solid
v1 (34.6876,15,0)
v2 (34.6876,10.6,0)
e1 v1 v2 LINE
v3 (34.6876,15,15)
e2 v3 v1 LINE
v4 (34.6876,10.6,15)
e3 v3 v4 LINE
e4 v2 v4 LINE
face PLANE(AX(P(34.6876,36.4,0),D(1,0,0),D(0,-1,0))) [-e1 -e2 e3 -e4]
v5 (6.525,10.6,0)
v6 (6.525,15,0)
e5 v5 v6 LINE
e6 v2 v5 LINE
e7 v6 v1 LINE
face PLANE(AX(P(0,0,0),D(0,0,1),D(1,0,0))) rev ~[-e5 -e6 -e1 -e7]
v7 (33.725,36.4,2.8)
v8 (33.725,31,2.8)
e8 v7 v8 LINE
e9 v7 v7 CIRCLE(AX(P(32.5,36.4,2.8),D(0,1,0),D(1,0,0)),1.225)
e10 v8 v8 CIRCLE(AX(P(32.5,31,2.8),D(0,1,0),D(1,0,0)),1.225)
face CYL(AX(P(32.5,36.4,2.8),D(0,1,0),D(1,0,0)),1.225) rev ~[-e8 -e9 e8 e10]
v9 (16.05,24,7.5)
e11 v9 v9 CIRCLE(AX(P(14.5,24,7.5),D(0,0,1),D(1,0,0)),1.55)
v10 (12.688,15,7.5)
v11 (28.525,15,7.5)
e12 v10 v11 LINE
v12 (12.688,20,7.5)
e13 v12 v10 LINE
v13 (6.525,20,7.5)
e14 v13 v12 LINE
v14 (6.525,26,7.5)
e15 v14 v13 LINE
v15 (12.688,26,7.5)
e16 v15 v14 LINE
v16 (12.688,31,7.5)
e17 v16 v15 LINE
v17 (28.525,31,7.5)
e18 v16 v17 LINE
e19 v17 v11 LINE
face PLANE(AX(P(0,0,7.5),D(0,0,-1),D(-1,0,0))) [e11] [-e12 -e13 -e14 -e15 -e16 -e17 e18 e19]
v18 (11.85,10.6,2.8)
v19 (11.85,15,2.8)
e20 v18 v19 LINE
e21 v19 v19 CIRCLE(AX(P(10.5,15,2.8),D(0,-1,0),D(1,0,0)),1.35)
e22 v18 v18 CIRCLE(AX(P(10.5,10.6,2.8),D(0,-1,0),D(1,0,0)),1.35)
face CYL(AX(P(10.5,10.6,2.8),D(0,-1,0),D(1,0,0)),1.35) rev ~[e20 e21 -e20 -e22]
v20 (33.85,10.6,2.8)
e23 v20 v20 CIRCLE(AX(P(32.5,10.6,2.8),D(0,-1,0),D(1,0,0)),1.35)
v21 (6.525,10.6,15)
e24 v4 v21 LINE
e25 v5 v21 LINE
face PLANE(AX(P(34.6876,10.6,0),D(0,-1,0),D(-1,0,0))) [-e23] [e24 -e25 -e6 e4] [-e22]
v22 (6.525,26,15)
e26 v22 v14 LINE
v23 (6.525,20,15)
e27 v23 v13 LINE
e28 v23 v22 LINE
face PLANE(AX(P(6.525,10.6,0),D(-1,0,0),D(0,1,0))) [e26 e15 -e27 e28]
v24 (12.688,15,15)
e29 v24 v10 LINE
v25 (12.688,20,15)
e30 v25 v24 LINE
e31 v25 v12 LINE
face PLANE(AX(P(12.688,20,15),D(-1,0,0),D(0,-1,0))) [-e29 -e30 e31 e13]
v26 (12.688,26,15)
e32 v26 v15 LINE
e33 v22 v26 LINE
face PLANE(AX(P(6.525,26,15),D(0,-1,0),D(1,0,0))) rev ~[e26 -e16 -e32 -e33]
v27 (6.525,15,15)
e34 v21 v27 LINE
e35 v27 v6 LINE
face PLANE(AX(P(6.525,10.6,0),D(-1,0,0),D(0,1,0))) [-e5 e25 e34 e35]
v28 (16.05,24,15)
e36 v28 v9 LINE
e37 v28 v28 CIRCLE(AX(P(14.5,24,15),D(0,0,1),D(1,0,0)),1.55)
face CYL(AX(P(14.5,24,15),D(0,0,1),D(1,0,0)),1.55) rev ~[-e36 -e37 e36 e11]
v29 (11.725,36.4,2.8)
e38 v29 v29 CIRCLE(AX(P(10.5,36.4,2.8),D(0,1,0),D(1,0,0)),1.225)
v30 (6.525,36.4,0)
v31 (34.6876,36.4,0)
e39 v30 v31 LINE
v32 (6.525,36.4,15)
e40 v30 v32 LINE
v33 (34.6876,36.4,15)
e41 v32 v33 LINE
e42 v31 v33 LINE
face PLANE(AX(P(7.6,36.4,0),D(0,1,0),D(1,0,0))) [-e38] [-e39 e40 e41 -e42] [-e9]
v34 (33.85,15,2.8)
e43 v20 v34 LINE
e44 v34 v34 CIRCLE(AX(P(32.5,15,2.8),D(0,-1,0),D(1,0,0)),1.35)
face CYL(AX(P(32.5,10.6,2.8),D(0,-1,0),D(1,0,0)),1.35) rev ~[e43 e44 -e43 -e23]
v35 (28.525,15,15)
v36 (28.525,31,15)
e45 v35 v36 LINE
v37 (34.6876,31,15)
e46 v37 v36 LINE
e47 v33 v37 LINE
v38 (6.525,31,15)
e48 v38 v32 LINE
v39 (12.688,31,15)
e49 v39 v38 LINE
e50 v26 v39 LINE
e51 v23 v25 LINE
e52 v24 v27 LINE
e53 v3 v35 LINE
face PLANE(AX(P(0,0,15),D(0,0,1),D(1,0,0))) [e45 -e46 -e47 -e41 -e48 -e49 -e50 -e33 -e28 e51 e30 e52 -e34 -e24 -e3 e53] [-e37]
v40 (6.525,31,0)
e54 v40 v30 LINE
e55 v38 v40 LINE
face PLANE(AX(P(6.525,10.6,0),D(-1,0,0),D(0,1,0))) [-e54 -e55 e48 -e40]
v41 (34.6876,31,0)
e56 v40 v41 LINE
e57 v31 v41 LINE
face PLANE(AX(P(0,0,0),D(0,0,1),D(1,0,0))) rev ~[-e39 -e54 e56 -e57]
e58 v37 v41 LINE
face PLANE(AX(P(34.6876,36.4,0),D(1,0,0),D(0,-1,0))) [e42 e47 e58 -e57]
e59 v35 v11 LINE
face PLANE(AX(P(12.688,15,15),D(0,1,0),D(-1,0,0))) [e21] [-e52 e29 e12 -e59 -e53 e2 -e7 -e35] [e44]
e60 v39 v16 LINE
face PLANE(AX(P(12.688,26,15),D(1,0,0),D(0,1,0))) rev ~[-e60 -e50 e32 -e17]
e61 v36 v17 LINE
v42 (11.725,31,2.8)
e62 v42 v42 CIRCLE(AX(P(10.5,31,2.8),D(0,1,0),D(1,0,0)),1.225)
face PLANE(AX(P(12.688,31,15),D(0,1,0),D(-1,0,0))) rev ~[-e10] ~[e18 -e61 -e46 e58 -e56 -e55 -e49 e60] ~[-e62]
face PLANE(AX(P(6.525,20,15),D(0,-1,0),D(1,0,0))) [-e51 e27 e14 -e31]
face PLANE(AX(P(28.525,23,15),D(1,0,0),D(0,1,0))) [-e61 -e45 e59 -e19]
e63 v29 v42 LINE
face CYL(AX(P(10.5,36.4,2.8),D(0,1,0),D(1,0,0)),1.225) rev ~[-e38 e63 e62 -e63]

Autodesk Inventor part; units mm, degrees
ref_plane "YZ Plane" through (0, 0, 0) normal (1, 0, 0) x (0, 1, 0)
ref_plane "XZ Plane" through (0, 0, 0) normal (0, 1, 0) x (-1, 0, 0)
ref_plane "XY Plane" through (0, 0, 0) normal (0, 0, 1) x (1, 0, 0)
sketch "스케치1" plane through (0, 0, 0) normal (0, 0, 1) x (1, 0, 0)
  line L0 (7.5, 38) -> (7.5, 36.5) projected
  line L1 (2, 38) -> (7.5, 38) projected
  line L2 (2, 38) -> (2, 8) projected
  line L3 (2, 8) -> (6.525, 8) projected
  line L4 (6.525, 10.5) -> (6.525, 8) projected
  line L5 (6.525, 10.5) -> (10.3997, 10.5) projected
  line L6 (10.3997, 10.5) -> (10.6003, 10.5) projected
  line L7 (10.6003, 10.5) -> (14.475, 10.5) projected
  line L8 (14.475, 10.5) -> (14.475, 8) projected
  line L9 (14.475, 8) -> (28.525, 8) projected
  line L10 (28.525, 10.5) -> (28.525, 8) projected
  line L11 (28.525, 10.5) -> (32.3997, 10.5) projected
  line L12 (32.3997, 10.5) -> (32.6003, 10.5) projected
  line L13 (32.6003, 10.5) -> (34.7876, 10.5) projected
  line L14 (34.7876, 10.5) -> (34.7876, 19.4) projected
  line L15 (36, 19.4) -> (34.7876, 19.4) projected
  line L16 (36, 24) -> (36, 19.4) projected
  line L17 (38.55, 24) -> (36, 24) projected
  line L18 (38.55, 24) -> (38.55, 25.4) projected
  line L19 (38.55, 25.4) -> (37.1, 25.4) projected
  line L20 (37.1, 25.4) -> (37.1, 35.5) projected
  line L21 (49.9, 35.5) -> (37.1, 35.5) projected
  line L22 (49.9, 25.4) -> (49.9, 35.5) projected
  line L23 (49.9, 25.4) -> (48.45, 25.4) projected
  line L24 (48.45, 24) -> (48.45, 25.4) projected
  line L25 (51, 24) -> (48.45, 24) projected
  line L26 (51, 24) -> (51, 10.5) projected
  line L27 (51, 10.5) -> (54.3997, 10.5) projected
  line L28 (54.3997, 10.5) -> (54.6003, 10.5) projected
  line L29 (54.6003, 10.5) -> (57.5, 10.5) projected
  line L30 (57.5, 36.5) -> (57.5, 10.5) projected
  line L31 (57.5, 36.5) -> (51.5, 36.5) projected
  line L32 (51.5, 38) -> (51.5, 36.5) projected
  line L33 (35.5, 38) -> (51.5, 38) projected
  line L34 (35.5, 36.5) -> (35.5, 38) projected
  line L35 (35.5, 36.5) -> (29.5, 36.5) projected
  line L36 (29.5, 38) -> (29.5, 36.5) projected
  line L37 (13.5, 38) -> (29.5, 38) projected
  line L38 (13.5, 36.5) -> (13.5, 38) projected
  line L39 (13.5, 36.5) -> (7.5, 36.5) projected
  line L40 (22.05, 14.2) -> (27.95, 14.2) projected
  line L41 (22.05, 18) -> (22.05, 14.2) projected
  line L42 (27.95, 18) -> (22.05, 18) projected
  line L43 (27.95, 14.2) -> (27.95, 18) projected
  line L44 (34.6876, 10.6) -> (7.6, 10.6)
  line L45 (7.6, 10.6) -> (7.6, 36.4)
  line L46 (7.6, 36.4) -> (34.6876, 36.4)
  line L47 (34.6876, 36.4) -> (34.6876, 10.6)
  line L48 (7.6, 36.4) -> (6.525, 36.4)
  line L49 (7.6, 10.6) -> (6.525, 10.6)
  line L50 (6.525, 10.6) -> (6.525, 36.4)
  line L51 (6.525, 36.4) -> (7.6, 36.4)
  line L52 (7.6, 36.4) -> (7.6, 10.6)
  point P0 (0, 0)
extrude "돌출1" add sketch "스케치1" along normal blind 15 contours L41 L42 L43 L40 | L44 L45 L46 L47 | L49 L50 L48 L45
sketch "스케치2" plane through (0, 0, 15) normal (0, 0, 1) x (1, 0, 0)
  line L0 (34.5, 38) -> (52.5, 38) projected
  line L1 (52.5, 38) -> (52.5, 36.5) projected
  line L2 (56.5, 36.5) -> (52.5, 36.5) projected
  line L3 (56.5, 38) -> (56.5, 36.5) projected
  line L4 (56.5, 38) -> (59.1, 38) projected
  line L5 (59.1, 38) -> (59.1, 40) projected
  line L6 (6, 40) -> (59.1, 40) projected
  line L7 (6, 38) -> (6, 40) projected
  line L8 (6, 38) -> (8.5, 38) projected
  line L9 (8.5, 38) -> (8.5, 36.5) projected
  line L10 (12.5, 36.5) -> (8.5, 36.5) projected
  line L11 (12.5, 38) -> (12.5, 36.5) projected
  line L12 (12.5, 38) -> (30.5, 38) projected
  line L13 (30.5, 38) -> (30.5, 36.5) projected
  line L14 (34.5, 36.5) -> (30.5, 36.5) projected
  line L15 (34.5, 38) -> (34.5, 36.5) projected
  line L16 (14.475, 10.5) -> (12.975, 10.5) projected
  line L17 (12.975, 10.5) -> (12.975, 8.5) projected
  line L18 (12.975, 8.5) -> (8.025, 8.5) projected
  line L19 (8.025, 10.5) -> (8.025, 8.5) projected
  line L20 (8.025, 10.5) -> (6.525, 10.5) projected
  line L21 (6.525, 10.5) -> (6.525, 8) projected
  line L22 (6, 8) -> (6.525, 8) projected
  line L23 (6, 8) -> (6, 6) projected
  line L24 (6, 6) -> (59.1, 6) projected
  line L25 (59.1, 8) -> (59.1, 6) projected
  line L26 (58.475, 8) -> (59.1, 8) projected
  line L27 (58.475, 8) -> (58.475, 10.5) projected
  line L28 (58.475, 10.5) -> (56.975, 10.5) projected
  line L29 (56.975, 10.5) -> (56.975, 8.5) projected
  line L30 (56.975, 8.5) -> (52.025, 8.5) projected
  line L31 (52.025, 10.5) -> (52.025, 8.5) projected
  line L32 (52.025, 10.5) -> (50.525, 10.5) projected
  line L33 (50.525, 10.5) -> (50.525, 8) projected
  line L34 (36.475, 8) -> (50.525, 8) projected
  line L35 (36.475, 8) -> (36.475, 10.5) projected
  line L36 (36.475, 10.5) -> (34.975, 10.5) projected
  line L37 (34.975, 10.5) -> (34.975, 8.5) projected
  line L38 (34.975, 8.5) -> (30.025, 8.5) projected
  line L39 (30.025, 10.5) -> (30.025, 8.5) projected
  line L40 (30.025, 10.5) -> (28.525, 10.5) projected
  line L41 (28.525, 10.5) -> (28.525, 8) projected
  line L42 (14.475, 8) -> (28.525, 8) projected
  line L43 (14.475, 8) -> (14.475, 10.5) projected
  line L44 (14.475, 36.4) -> (28.525, 36.4)
  line L45 (34.6876, 10.6) -> (34.6876, 36.4) projected
  line L46 (14.475, 10.6) -> (28.525, 10.6)
  line L47 (28.525, 10.6) -> (28.525, 36.4)
  line L48 (28.525, 36.4) -> (14.475, 36.4)
  line L49 (-13.0231, 23) -> (78.1205, 23)
  line L50 (14.5, -11.1) -> (14.5, 56.1)
  line L51 (34.6876, 36.4) -> (6.525, 36.4) projected
  line L52 (6.525, 36.4) -> (6.525, 10.6) projected
  line L53 (6.525, 10.6) -> (34.6876, 10.6) projected
  line L54 (28.525, 23) -> (34.6876, 23)
  line L55 (34.6876, 23) -> (34.6876, 31)
  line L56 (34.6876, 31) -> (28.525, 31)
  line L57 (28.525, 31) -> (28.525, 23)
  line L58 (28.525, 23) -> (34.6876, 23)
  line L59 (34.6876, 23) -> (34.6876, 15)
  line L60 (34.6876, 15) -> (28.525, 15)
  line L61 (28.525, 15) -> (28.525, 23)
  line L62 (6.525, 23) -> (12.688, 23)
  line L63 (12.688, 23) -> (12.688, 31)
  line L64 (12.688, 31) -> (6.525, 31)
  line L65 (6.525, 31) -> (6.525, 23)
  line L66 (14.5, 57.1) -> (14.5, -10.1)
  line L67 (12.688, 23) -> (12.688, 15)
  line L68 (12.688, 15) -> (6.525, 15)
  line L69 (6.525, 15) -> (6.525, 23)
  line L70 (6.525, 36.4) -> (6.525, 10.6) projected
  line L71 (12.688, 23) -> (6.525, 23)
  line L72 (6.525, 23) -> (6.525, 26)
  line L73 (6.525, 26) -> (12.688, 26)
  line L74 (12.688, 26) -> (12.688, 23)
  line L75 (12.688, 23) -> (6.525, 23)
  line L76 (6.525, 23) -> (6.525, 20)
  line L77 (6.525, 20) -> (12.688, 20)
  line L78 (12.688, 20) -> (12.688, 23)
  point P0 (0, 0)
  dimension "d3" = 6.163
  dimension "d4" = 8
extrude "돌출2" cut sketch "스케치2" against normal up to next contours L56 L45 L49 L47 | L49 L45 L60 L47 | L64 L63 L73 L52 | L67 L68 L52 L77
sketch "스케치4" plane through (6.525, 10.6, 0) normal (0, -1, 0) x (1, 0, 0)
  circle A0 centre (3.975, 2.8) radius 1.35 projected
  circle A1 centre (25.975, 2.8) radius 1.35
  circle A2 centre (25.975, 2.8) radius 1.55
  circle A3 centre (3.975, 2.8) radius 1.55
  point P0 (-6.525, 0)
  dimension "d14" = 0.2
  dimension "d15" = 0.2
extrude "돌출4" cut sketch "스케치4" against normal up to next contours A0 | A1
sketch "스케치5" plane through (6.525, 36.4, 0) normal (0, 1, 0) x (1, 0, 0)
  circle A0 centre (25.975, -2.8) radius 1.025 projected
  circle A1 centre (3.975, -2.8) radius 1.025 projected
  circle A2 centre (25.975, -2.8) radius 1.225
  circle A3 centre (3.975, -2.8) radius 1.225
  point P0 (-6.525, 0)
  dimension "d16" = 0.2
  dimension "d17" = 0.2
extrude "돌출5" cut sketch "스케치5" against normal up to next contours A0 | A1 | A2 | A3
sketch "스케치6" plane through (0, 0, 0) normal (0, 0, -1) x (-1, 0, 0)
  line L0 (-28.525, 31) -> (-34.6876, 31) projected
  line L1 (-34.6876, 31) -> (-34.6876, 36.4) projected
  line L2 (-34.6876, 36.4) -> (-6.525, 36.4) projected
  line L3 (-6.525, 36.4) -> (-6.525, 31) projected
  line L4 (-6.525, 31) -> (-12.688, 31) projected
  line L5 (-12.688, 31) -> (-12.688, 26) projected
  line L6 (-12.688, 26) -> (-6.525, 26) projected
  line L7 (-6.525, 26) -> (-6.525, 20) projected
  line L8 (-6.525, 20) -> (-12.688, 20) projected
  line L9 (-12.688, 20) -> (-12.688, 15) projected
  line L10 (-12.688, 15) -> (-6.525, 15) projected
  line L11 (-6.525, 15) -> (-6.525, 10.6) projected
  line L12 (-6.525, 10.6) -> (-34.6876, 10.6) projected
  line L13 (-34.6876, 10.6) -> (-34.6876, 15) projected
  line L14 (-34.6876, 15) -> (-28.525, 15) projected
  line L15 (-28.525, 15) -> (-28.525, 31) projected
  line L16 (-12.688, 31) -> (-28.525, 31)
  line L17 (-28.525, 31) -> (-28.525, 15)
  line L18 (-28.525, 15) -> (-12.688, 15)
  line L19 (-12.688, 15) -> (-12.688, 31)
  line L20 (13.0231, 24) -> (-78.1205, 24)
  line L21 (-14.5, 58.1) -> (-14.5, -9.1)
  point P0 (0, 0)
extrude "돌출6" cut sketch "스케치6" against normal blind 7.5 contours L16 L21 L20 L15 | L20 L21 L18 L15 | L16 L5 L19 L20 L21 | L20 L19 L9 L18 L21 | L20 L7 L8 L19 | L19 L6 L7 L20
sketch "스케치7" plane through (0, 0, 15) normal (0, 0, 1) x (1, 0, 0)
  circle A0 centre (14.5, 24) radius 1.55 projected
  point P0 (0, 0)
extrude "돌출7" cut sketch "스케치7" against normal up to next
properties part number "foot_bridge"
